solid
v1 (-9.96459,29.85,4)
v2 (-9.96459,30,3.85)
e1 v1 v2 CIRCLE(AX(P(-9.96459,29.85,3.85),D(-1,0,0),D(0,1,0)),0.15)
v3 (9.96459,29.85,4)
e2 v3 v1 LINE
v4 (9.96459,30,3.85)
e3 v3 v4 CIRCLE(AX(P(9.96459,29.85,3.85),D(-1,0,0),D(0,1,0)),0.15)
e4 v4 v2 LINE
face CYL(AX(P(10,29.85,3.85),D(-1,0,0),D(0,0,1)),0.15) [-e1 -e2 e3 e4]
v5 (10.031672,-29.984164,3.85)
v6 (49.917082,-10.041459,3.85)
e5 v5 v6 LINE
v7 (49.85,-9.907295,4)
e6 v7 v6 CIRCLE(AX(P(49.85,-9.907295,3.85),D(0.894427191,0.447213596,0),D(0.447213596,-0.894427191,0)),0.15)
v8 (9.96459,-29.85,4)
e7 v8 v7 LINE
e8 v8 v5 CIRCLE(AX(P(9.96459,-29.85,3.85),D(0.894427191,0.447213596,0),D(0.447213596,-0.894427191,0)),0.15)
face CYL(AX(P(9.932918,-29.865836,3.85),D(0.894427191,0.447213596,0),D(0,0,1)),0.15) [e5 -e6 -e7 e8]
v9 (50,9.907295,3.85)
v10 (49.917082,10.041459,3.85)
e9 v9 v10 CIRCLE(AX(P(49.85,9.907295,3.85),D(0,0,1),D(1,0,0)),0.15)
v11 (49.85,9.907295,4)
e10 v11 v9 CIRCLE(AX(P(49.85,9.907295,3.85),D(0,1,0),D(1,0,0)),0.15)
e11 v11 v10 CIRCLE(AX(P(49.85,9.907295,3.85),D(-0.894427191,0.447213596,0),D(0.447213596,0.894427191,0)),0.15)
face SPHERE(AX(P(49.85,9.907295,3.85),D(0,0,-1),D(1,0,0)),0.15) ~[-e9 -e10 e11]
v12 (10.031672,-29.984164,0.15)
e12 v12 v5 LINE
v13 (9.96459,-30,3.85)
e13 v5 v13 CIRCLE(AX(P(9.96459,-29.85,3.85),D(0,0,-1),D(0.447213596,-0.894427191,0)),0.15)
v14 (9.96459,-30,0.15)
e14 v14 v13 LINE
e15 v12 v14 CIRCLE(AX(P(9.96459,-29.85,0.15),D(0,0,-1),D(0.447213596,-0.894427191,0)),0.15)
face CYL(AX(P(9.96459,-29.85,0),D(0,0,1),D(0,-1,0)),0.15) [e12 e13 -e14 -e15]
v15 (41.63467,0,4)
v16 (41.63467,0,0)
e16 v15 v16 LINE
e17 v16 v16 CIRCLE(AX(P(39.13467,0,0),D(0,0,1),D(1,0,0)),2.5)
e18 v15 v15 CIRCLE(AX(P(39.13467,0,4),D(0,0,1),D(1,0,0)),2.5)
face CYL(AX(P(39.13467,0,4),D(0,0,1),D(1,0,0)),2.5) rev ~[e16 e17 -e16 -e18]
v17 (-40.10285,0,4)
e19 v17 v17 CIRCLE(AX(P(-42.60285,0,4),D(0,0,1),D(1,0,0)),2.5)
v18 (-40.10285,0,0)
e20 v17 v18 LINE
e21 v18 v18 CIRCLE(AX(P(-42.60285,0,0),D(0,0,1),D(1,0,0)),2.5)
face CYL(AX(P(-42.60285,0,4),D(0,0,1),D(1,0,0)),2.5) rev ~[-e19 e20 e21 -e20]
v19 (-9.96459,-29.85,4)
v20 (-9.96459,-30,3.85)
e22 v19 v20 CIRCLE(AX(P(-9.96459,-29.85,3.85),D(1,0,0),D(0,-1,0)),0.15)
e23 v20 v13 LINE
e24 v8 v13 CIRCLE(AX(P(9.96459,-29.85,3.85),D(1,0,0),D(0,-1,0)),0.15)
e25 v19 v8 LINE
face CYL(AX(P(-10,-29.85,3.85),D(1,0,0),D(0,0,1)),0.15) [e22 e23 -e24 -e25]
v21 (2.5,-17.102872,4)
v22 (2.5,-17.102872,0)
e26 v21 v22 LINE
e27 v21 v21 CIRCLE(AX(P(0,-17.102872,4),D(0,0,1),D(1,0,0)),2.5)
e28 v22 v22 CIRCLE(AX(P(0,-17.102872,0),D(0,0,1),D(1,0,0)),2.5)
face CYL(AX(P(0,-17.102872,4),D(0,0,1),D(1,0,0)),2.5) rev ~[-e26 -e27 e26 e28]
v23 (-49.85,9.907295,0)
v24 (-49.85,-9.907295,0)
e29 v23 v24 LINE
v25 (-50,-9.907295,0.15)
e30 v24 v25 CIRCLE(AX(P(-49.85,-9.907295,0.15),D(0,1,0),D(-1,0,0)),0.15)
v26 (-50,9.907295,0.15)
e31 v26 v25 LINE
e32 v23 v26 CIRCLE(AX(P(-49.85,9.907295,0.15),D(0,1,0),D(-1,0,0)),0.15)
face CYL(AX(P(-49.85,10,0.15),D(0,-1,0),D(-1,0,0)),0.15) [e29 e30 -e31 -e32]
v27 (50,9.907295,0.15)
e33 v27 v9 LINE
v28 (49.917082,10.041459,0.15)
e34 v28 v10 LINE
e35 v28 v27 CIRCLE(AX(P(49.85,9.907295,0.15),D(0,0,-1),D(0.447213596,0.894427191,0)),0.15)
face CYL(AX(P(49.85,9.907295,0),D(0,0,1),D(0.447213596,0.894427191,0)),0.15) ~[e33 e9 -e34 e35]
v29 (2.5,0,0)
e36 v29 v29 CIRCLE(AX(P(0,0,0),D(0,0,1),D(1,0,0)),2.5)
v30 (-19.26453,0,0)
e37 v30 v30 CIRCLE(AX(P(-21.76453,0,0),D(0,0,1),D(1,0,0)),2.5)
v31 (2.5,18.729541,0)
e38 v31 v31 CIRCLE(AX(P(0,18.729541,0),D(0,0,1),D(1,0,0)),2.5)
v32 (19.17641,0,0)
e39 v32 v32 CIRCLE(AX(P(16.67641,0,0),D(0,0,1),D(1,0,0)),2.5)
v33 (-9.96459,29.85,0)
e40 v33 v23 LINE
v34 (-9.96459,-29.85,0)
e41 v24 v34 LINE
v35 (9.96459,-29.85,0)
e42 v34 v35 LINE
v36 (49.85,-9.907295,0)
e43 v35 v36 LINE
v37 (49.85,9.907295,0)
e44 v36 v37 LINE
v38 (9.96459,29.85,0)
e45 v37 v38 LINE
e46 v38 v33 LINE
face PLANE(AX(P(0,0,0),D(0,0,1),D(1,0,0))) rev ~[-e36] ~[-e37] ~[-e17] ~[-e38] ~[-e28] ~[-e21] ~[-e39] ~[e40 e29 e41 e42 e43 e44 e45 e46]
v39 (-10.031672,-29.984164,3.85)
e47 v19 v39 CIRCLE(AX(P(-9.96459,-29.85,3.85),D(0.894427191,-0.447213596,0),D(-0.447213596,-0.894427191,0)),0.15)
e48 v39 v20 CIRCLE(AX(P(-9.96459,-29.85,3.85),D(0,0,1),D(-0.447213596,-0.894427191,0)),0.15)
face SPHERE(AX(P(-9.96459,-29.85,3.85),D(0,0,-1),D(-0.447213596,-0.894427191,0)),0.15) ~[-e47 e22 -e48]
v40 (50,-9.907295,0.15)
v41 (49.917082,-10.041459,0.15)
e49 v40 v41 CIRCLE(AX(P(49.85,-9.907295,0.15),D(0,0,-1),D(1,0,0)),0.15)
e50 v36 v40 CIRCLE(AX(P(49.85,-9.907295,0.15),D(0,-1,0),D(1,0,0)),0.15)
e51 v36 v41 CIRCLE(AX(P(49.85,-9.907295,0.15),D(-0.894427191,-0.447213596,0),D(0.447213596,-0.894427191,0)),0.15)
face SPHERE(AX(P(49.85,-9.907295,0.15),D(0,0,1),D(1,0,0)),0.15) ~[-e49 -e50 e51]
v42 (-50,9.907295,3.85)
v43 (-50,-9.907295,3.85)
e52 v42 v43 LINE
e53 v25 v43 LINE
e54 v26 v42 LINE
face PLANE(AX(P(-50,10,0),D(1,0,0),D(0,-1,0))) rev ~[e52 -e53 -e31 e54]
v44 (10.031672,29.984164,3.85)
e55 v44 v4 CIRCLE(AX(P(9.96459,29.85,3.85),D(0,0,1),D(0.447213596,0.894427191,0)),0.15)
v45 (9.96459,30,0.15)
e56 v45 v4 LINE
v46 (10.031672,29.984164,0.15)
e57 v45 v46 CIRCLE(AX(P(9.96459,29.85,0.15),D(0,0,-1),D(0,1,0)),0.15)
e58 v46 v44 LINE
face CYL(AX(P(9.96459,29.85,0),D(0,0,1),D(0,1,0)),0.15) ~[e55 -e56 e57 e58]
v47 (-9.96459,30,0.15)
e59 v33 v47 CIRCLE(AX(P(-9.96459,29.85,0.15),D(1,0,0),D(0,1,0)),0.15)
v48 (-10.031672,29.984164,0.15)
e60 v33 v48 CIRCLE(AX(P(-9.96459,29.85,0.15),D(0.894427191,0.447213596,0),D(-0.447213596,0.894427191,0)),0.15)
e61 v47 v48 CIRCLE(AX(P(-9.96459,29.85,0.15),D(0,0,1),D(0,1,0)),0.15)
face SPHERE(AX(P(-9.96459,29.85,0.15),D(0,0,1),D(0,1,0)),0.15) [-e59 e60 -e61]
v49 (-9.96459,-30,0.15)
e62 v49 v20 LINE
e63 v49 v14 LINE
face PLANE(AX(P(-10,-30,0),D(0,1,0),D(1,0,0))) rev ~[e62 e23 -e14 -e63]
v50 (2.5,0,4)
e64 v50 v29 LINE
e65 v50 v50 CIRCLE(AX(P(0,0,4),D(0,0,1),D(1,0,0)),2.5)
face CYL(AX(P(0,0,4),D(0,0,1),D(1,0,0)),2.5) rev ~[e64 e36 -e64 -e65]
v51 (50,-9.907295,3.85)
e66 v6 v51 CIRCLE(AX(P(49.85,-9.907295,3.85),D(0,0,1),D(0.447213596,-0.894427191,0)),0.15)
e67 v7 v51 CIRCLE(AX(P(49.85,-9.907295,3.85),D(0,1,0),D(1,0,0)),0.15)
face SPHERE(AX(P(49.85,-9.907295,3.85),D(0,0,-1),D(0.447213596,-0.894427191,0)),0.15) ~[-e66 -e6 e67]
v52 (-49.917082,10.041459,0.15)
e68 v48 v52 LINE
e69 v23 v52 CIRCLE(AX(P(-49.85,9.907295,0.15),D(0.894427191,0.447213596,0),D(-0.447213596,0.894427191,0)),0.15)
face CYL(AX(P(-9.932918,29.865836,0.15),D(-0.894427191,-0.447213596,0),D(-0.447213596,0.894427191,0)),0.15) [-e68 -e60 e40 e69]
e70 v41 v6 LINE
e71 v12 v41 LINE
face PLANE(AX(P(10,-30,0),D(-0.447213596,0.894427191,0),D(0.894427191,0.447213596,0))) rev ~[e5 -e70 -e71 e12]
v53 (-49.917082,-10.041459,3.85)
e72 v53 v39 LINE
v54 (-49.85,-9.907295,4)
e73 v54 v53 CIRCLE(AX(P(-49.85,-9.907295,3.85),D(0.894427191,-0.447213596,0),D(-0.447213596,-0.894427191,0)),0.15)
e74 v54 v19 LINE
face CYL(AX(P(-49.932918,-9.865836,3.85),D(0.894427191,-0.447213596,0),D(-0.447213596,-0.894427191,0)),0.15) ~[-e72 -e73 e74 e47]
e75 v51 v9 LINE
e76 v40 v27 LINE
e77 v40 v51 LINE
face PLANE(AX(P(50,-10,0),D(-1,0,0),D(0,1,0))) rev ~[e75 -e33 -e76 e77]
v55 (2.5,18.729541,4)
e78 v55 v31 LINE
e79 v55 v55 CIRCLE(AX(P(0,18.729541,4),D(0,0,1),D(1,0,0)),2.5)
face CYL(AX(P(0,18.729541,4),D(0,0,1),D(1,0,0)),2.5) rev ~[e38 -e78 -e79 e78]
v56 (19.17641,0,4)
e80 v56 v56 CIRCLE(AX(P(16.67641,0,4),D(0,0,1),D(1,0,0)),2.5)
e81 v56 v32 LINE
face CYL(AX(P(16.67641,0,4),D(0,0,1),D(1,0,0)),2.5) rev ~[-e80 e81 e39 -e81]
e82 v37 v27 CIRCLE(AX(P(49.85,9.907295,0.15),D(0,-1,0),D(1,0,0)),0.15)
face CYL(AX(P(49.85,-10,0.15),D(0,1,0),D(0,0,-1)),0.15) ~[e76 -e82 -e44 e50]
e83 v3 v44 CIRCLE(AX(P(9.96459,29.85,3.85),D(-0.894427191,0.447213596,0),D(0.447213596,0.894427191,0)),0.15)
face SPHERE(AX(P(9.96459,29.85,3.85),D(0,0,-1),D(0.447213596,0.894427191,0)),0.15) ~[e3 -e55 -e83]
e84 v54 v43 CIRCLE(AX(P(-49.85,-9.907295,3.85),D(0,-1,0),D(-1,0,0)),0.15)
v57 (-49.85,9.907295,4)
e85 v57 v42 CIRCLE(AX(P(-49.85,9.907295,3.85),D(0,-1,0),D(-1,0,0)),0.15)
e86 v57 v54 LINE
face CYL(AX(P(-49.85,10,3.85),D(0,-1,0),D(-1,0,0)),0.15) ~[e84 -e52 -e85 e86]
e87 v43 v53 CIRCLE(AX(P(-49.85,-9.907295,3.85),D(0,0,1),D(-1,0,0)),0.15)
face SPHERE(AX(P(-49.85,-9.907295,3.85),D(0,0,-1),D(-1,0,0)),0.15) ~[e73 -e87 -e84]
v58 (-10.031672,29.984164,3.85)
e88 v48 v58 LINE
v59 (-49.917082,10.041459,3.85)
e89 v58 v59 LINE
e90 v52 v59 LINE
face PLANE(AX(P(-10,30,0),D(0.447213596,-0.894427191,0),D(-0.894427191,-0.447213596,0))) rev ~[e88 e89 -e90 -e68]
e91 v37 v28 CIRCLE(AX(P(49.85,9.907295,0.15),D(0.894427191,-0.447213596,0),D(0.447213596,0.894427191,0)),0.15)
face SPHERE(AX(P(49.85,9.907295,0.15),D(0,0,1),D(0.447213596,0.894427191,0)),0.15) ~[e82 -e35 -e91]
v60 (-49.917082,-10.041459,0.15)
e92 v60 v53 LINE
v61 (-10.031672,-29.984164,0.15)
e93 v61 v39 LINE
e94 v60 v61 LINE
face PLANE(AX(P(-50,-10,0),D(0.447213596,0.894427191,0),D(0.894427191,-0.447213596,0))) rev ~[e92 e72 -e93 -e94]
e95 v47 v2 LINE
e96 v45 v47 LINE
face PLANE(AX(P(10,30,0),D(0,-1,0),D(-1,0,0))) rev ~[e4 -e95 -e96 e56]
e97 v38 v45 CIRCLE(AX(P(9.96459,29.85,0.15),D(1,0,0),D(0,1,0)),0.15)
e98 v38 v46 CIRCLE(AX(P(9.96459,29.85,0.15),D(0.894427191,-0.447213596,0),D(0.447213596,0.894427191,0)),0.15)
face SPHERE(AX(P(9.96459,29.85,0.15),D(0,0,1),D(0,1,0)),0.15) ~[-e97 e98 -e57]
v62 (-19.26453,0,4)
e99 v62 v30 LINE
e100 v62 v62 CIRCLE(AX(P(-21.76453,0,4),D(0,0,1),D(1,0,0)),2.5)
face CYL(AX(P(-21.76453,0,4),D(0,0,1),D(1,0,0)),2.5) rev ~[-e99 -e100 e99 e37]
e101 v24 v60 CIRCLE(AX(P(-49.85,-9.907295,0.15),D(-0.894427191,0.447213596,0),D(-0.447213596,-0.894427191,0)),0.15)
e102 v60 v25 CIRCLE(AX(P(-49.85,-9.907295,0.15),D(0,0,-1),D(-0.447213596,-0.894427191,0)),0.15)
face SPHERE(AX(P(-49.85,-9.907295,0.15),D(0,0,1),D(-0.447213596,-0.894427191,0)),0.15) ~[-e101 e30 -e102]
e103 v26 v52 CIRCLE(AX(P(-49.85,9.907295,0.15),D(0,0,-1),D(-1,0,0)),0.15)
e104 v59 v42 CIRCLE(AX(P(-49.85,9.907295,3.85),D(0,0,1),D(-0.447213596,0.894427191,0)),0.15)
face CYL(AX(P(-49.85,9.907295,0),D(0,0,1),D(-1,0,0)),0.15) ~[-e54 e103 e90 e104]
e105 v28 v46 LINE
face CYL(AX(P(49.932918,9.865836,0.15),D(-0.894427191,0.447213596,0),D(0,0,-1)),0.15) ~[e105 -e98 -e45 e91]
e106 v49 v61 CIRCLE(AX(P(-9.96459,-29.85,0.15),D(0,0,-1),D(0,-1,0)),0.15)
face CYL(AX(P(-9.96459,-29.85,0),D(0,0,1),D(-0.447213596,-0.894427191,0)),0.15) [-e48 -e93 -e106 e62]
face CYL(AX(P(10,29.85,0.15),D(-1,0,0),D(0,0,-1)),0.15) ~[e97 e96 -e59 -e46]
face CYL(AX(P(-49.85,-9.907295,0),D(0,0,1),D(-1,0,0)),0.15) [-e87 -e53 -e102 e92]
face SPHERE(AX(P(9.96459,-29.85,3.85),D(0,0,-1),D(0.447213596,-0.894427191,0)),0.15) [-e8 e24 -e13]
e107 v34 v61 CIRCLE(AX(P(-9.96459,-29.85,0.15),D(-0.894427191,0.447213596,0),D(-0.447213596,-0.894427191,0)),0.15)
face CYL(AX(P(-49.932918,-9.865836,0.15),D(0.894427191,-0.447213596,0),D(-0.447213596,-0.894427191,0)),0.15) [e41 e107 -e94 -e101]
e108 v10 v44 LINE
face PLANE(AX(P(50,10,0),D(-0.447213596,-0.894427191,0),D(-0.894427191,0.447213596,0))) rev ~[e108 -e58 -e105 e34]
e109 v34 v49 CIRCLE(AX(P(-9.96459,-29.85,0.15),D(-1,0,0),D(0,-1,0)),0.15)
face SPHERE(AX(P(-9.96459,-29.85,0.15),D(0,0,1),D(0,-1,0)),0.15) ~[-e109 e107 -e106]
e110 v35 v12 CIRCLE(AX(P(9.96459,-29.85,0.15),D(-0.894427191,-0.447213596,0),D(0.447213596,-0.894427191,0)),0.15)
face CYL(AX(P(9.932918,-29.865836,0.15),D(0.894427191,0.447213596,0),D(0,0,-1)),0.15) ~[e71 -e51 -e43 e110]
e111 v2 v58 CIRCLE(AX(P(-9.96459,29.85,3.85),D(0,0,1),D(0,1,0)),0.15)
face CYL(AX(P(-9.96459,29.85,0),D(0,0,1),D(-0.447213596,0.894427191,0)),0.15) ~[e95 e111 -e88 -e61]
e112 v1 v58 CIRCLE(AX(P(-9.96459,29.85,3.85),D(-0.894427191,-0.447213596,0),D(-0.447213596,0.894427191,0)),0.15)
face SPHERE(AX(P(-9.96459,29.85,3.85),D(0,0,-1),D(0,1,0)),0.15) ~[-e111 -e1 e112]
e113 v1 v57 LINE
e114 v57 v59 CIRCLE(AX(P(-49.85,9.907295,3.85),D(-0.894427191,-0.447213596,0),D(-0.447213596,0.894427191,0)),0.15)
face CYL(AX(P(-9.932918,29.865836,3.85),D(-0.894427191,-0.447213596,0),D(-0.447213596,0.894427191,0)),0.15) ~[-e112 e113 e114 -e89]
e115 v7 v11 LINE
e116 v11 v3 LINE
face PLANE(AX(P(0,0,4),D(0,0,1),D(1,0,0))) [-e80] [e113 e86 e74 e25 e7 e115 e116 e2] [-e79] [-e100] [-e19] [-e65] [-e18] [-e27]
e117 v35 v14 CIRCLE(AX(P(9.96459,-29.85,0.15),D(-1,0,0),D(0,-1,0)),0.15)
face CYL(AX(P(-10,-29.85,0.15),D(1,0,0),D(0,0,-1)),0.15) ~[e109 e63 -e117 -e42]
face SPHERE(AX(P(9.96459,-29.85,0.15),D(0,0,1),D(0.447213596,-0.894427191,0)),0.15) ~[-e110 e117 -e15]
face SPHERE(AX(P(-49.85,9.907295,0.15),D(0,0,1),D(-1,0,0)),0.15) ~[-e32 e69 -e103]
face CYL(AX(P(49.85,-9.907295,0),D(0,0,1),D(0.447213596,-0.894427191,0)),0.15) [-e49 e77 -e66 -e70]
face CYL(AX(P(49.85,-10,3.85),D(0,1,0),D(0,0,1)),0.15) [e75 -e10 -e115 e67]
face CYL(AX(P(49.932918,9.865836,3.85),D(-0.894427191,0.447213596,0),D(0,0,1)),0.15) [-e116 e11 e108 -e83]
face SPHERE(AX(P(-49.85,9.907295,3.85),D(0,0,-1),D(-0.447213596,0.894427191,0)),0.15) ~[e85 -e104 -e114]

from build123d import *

# Parameters (mm, degrees)
BOSS_EXTRUDE2_DEPTH = 4
SKETCH4_OUTSIDE_W   = 125.338
SKETCH4_OUTSIDE_H   = 85.338
SKETCH4_OUTSIDE_R   = 2.5
CUT_EXTRUDE4_DEPTH  = 4
FILLET1_R           = 0.15


with BuildPart() as part:
    # Sketch1 → Boss-Extrude2 (new body)
    with BuildSketch(Plane.XY):
        Polygon((-50, 10), (-50, -10), (-10, -30), (10, -30), (50, -10), (50, 10), (10, 30), (-10, 30), align=None)
    extrude(amount=BOSS_EXTRUDE2_DEPTH)

    # Sketch4 outside → Cut-Extrude4 (cut)
    with BuildSketch(Plane.XY.offset(4)):
        Rectangle(SKETCH4_OUTSIDE_W, SKETCH4_OUTSIDE_H)
        Polygon((-10, 30), (-50, 10), (-50, -10), (-10, -30), (10, -30), (50, -10), (50, 10), (10, 30), align=None, mode=Mode.SUBTRACT)
        Circle(SKETCH4_OUTSIDE_R)
        with Locations((-21.764530358, 0)):
            Circle(SKETCH4_OUTSIDE_R)
        with Locations((-42.602849817, 0)):
            Circle(SKETCH4_OUTSIDE_R)
        with Locations((16.676409958, 0)):
            Circle(SKETCH4_OUTSIDE_R)
        with Locations((39.134669841, 0)):
            Circle(SKETCH4_OUTSIDE_R)
        with Locations((0, 18.729540895)):
            Circle(SKETCH4_OUTSIDE_R)
        with Locations((0, -17.102871632)):
            Circle(SKETCH4_OUTSIDE_R)
    extrude(amount=-CUT_EXTRUDE4_DEPTH, mode=Mode.SUBTRACT)

    # Fillet1
    fillet1_edges = [part.edges().sort_by_distance(p)[0] for p in [
        (-30, -20, 4),
        (-50, 0, 0),
        (-30, 20, 0),
        (0, -30, 4),
        (-10, 30, 2),
        (10, 30, 2),
        (50, 10, 2),
        (50, -10, 2),
        (10, -30, 2),
        (-10, -30, 2),
        (-50, -10, 2),
        (-50, 10, 2),
        (30, -20, 4),
        (50, 0, 4),
        (30, 20, 4),
        (0, 30, 4),
        (-30, 20, 4),
        (-50, 0, 4),
        (0, 30, 0),
        (30, 20, 0),
        (50, 0, 0),
        (30, -20, 0),
        (0, -30, 0),
        (-30, -20, 0),
    ]]
    fillet(fillet1_edges, radius=FILLET1_R)


solid = part.part
